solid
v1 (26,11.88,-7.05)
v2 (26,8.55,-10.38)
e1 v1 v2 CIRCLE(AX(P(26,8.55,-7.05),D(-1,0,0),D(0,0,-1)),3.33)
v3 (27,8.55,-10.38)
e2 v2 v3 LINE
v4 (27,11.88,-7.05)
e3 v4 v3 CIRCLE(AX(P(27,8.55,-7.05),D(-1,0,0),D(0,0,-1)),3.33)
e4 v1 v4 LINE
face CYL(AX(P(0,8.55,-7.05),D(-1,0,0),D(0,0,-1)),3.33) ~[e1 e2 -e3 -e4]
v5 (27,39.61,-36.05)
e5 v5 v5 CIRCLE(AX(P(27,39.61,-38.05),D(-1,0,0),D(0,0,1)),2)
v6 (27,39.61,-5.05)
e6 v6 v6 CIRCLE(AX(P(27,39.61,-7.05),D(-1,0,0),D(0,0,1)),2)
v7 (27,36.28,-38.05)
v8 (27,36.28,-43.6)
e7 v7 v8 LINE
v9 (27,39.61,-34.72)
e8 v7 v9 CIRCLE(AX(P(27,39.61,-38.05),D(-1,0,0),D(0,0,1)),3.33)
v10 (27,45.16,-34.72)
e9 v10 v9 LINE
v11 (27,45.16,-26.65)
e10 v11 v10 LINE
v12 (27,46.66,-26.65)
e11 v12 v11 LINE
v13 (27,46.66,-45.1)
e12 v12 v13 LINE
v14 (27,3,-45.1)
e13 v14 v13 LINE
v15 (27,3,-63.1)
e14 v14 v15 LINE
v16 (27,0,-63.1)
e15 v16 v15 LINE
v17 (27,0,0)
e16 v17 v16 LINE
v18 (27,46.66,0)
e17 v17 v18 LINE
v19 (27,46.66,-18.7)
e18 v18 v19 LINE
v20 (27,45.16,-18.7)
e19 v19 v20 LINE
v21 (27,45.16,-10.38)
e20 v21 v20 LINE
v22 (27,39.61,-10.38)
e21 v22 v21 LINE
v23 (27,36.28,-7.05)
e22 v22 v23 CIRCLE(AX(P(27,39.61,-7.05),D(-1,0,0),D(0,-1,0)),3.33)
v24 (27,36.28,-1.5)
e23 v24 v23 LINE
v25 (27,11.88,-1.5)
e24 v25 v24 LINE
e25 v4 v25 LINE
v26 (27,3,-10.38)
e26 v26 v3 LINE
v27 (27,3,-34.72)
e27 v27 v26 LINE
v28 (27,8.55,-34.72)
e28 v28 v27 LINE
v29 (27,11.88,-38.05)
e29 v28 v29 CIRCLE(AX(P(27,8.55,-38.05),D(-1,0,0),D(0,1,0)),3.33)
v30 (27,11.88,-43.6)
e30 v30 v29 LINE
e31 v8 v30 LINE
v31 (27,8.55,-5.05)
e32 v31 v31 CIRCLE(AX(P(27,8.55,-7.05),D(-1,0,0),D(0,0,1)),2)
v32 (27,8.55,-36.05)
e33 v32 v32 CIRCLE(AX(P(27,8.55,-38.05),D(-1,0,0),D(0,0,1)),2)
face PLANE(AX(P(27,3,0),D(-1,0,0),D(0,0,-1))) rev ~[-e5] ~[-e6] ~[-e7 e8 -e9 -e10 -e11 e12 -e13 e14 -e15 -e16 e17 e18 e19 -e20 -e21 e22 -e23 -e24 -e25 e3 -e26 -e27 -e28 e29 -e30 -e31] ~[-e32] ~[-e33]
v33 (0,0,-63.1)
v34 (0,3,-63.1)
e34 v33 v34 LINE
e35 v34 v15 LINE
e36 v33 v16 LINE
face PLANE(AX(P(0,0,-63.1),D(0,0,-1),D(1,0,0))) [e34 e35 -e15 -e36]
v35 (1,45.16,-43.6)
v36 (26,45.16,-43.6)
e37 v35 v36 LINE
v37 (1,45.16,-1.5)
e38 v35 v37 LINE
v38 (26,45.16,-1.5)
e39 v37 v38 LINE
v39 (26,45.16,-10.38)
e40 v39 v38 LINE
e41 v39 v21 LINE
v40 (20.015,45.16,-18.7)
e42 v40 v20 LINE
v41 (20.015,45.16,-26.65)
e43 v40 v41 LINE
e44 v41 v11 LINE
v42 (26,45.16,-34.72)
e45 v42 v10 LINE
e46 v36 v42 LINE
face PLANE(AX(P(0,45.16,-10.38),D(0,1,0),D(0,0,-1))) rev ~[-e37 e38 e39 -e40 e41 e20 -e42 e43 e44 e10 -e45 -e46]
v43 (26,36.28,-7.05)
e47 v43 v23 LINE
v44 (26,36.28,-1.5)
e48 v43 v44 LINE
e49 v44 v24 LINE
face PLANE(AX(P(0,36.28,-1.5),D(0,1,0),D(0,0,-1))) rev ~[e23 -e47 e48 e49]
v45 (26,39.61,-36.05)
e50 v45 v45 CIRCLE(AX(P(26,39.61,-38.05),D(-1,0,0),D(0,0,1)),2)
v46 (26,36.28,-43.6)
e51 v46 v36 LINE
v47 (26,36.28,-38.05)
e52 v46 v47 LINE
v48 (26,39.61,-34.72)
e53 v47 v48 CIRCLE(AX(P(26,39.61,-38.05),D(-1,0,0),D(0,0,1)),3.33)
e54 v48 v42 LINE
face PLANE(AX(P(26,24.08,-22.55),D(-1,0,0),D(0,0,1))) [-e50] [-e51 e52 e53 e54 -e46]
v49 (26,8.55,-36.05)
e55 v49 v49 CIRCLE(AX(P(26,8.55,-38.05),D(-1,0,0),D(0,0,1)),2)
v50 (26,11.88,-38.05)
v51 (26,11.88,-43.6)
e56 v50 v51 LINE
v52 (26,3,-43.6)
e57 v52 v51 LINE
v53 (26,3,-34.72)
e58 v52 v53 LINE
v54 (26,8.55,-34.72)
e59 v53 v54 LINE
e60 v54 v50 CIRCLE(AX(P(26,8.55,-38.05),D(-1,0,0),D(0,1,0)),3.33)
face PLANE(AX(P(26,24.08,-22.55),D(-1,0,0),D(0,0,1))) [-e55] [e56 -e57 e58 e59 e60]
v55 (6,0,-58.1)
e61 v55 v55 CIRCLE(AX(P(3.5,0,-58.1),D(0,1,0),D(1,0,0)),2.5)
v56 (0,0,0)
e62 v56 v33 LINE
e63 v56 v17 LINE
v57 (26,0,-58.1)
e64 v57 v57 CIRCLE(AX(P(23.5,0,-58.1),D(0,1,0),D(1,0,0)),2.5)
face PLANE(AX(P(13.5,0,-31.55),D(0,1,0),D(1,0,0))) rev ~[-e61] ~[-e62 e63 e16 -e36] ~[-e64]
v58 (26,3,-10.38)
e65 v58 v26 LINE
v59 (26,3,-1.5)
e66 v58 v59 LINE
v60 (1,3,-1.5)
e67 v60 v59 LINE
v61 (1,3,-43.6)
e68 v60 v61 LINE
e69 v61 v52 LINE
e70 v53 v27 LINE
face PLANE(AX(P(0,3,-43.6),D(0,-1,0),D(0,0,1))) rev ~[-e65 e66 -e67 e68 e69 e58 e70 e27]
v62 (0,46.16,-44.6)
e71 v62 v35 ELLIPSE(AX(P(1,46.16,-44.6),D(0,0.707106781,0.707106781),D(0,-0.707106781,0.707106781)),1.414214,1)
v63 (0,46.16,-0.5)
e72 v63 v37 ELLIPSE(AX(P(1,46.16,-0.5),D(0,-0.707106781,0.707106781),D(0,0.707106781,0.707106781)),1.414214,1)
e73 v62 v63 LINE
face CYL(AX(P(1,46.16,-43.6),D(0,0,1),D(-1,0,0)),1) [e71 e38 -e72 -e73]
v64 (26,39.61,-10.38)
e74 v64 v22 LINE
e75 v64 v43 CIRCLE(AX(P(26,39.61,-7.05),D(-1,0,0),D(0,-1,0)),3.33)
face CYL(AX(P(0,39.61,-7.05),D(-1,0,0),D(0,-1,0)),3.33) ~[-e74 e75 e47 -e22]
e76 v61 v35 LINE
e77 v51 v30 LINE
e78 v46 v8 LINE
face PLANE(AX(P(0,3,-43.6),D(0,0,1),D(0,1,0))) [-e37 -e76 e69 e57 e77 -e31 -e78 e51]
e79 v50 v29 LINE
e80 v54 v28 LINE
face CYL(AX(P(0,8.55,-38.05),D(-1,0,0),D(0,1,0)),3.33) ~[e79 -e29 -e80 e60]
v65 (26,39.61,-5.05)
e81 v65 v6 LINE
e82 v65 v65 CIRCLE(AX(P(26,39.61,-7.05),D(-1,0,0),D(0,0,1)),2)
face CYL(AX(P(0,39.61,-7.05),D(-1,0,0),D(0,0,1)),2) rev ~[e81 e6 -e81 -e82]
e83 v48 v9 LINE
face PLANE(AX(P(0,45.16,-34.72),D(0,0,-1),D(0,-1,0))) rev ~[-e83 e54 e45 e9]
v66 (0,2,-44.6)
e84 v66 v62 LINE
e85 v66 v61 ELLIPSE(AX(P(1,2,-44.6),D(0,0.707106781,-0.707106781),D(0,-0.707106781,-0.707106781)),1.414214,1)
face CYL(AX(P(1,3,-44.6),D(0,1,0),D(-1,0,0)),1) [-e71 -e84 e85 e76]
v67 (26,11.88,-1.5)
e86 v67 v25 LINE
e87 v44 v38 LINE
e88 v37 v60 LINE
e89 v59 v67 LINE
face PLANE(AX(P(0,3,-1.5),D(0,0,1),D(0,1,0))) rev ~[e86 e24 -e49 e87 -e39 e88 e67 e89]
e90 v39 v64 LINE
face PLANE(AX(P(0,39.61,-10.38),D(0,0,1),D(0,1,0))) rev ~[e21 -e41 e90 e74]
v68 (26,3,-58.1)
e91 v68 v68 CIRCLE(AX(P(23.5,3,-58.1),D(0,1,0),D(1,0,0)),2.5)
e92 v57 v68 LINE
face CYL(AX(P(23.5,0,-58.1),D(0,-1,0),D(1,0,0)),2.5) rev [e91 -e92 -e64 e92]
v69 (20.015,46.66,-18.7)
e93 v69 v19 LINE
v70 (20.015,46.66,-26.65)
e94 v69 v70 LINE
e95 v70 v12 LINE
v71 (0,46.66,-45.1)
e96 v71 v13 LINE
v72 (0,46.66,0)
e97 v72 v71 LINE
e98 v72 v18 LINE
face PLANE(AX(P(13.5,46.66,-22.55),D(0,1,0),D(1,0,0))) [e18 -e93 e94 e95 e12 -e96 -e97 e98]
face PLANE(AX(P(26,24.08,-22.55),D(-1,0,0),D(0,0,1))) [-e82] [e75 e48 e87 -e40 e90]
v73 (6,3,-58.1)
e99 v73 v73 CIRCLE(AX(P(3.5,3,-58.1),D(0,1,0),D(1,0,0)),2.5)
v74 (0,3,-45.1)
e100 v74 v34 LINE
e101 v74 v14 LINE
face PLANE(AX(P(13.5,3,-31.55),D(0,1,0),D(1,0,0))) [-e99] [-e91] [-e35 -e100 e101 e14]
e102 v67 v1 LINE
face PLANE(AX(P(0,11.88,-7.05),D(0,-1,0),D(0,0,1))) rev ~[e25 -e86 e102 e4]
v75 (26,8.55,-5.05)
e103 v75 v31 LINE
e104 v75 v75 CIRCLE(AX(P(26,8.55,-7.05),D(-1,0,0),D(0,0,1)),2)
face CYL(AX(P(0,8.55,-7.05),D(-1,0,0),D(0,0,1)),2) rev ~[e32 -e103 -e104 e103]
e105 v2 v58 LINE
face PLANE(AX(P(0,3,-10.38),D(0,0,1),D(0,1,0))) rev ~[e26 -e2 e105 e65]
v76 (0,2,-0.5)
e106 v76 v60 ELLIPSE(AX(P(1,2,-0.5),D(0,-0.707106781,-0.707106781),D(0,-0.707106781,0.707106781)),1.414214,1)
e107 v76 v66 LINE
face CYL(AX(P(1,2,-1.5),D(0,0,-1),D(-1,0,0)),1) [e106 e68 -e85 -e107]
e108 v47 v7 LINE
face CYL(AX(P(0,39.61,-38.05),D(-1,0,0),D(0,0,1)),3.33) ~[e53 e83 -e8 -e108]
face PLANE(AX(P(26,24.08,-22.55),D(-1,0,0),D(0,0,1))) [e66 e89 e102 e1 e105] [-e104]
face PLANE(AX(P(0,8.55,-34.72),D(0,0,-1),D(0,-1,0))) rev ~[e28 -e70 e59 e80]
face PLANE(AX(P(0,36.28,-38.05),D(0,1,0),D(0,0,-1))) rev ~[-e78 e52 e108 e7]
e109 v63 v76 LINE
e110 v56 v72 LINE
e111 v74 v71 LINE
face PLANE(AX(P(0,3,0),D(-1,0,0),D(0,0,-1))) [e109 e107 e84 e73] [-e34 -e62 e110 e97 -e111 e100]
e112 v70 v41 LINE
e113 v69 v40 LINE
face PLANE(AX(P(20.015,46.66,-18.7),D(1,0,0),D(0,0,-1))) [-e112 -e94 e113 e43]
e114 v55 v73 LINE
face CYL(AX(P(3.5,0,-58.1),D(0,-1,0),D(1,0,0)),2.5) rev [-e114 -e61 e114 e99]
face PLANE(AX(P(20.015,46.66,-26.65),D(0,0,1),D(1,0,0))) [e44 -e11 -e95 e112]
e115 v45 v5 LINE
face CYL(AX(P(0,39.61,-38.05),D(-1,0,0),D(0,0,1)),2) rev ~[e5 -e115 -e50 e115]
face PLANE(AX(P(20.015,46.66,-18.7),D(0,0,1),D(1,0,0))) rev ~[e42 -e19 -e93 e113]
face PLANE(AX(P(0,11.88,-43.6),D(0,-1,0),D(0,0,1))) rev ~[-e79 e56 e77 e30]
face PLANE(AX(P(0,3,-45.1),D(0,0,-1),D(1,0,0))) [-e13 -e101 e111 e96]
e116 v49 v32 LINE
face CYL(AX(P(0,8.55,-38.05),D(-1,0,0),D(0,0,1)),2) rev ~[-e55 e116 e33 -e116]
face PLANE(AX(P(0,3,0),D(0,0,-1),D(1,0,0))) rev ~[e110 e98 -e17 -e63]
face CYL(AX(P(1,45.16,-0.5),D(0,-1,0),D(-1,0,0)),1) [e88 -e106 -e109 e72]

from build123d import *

# Parameters (mm, degrees)
SKETCH1_W           = 27
SKETCH1_H           = 63.1
SKETCH1_R           = 2.5
BOSS_EXTRUDE1_DEPTH = 3
SKETCH2_W           = 27
SKETCH2_H           = 45.1
BOSS_EXTRUDE2_DEPTH = 43.66
CUT_EXTRUDE1_DEPTH  = 28
SKETCH3_8_W         = 42.1
SKETCH3_8_H         = 42.16
SKETCH3_8_R         = 2
CUT_EXTRUDE2_DEPTH  = 26
FILLET4_R           = 1
SKETCH6_W           = 6.985
SKETCH6_H           = 7.95
CUT_EXTRUDE3_DEPTH  = 1.5
SKETCH3_9_R         = 2
CUT_EXTRUDE4_DEPTH  = 28


with BuildPart() as part:
    # Sketch1 → Boss-Extrude1 (new body)
    with BuildSketch(Plane(origin=(0, 0, 0), x_dir=(1, 0, 0), z_dir=(0, 1, 0))):
        with Locations((13.5, 31.55)):
            Rectangle(SKETCH1_W, SKETCH1_H)
        with Locations((3.5, 58.1)):
            Circle(SKETCH1_R, mode=Mode.SUBTRACT)
        with Locations((23.5, 58.1)):
            Circle(SKETCH1_R, mode=Mode.SUBTRACT)
    extrude(amount=BOSS_EXTRUDE1_DEPTH)

    # Sketch2 → Boss-Extrude2 (add)
    with BuildSketch(Plane(origin=(0, 3, 0), x_dir=(1, 0, 0), z_dir=(0, 1, 0))):
        with Locations((13.5, 22.55)):
            Rectangle(SKETCH2_W, SKETCH2_H)
    extrude(amount=BOSS_EXTRUDE2_DEPTH)

    # Sketch3 → Cut-Extrude1 (cut, through all)
    with BuildSketch(Plane.ZY):
        with BuildLine():
            Line((-10.38, 45.16), (-34.72, 45.16))
            Line((-34.72, 45.16), (-34.72, 39.61))
            ThreePointArc((-34.72, 39.61), (-35.695334419, 37.255334419), (-38.05, 36.28))
            Line((-38.05, 36.28), (-43.6, 36.28))
            Line((-43.6, 36.28), (-43.6, 11.88))
            Line((-43.6, 11.88), (-38.05, 11.88))
            ThreePointArc((-38.05, 11.88), (-35.695334419, 10.904665581), (-34.72, 8.55))
            Line((-34.72, 8.55), (-34.72, 3))
            Line((-34.72, 3), (-10.38, 3))
            Line((-10.38, 3), (-10.38, 8.55))
            ThreePointArc((-10.38, 8.55), (-9.404665581, 10.904665581), (-7.05, 11.88))
            Line((-7.05, 11.88), (-1.5, 11.88))
            Line((-1.5, 11.88), (-1.5, 36.28))
            Line((-1.5, 36.28), (-7.05, 36.28))
            ThreePointArc((-7.05, 36.28), (-9.404665581, 37.255334419), (-10.38, 39.61))
            Line((-10.38, 39.61), (-10.38, 45.16))
        make_face()
    extrude(amount=-CUT_EXTRUDE1_DEPTH, mode=Mode.SUBTRACT)

    # Sketch3<8> → Cut-Extrude2 (cut)
    with BuildSketch(Plane.ZY):
        with Locations((-22.55, 24.08)):
            Rectangle(SKETCH3_8_W, SKETCH3_8_H)
        with Locations((-38.05, 8.55)):
            Circle(SKETCH3_8_R, mode=Mode.SUBTRACT)
        with Locations((-7.05, 39.61)):
            Circle(SKETCH3_8_R, mode=Mode.SUBTRACT)
        with Locations((-7.05, 8.55)):
            Circle(SKETCH3_8_R, mode=Mode.SUBTRACT)
        with Locations((-38.05, 39.61)):
            Circle(SKETCH3_8_R, mode=Mode.SUBTRACT)
    extrude(amount=-CUT_EXTRUDE2_DEPTH, mode=Mode.SUBTRACT)

    # Fillet4
    fillet4_edges = [part.edges().sort_by_distance(p)[0] for p in [
        (0, 45.16, -22.55),
        (0, 24.08, -1.5),
        (0, 3, -22.55),
        (0, 24.08, -43.6),
    ]]
    fillet(fillet4_edges, radius=FILLET4_R)

    # Sketch6 → Cut-Extrude3 (cut)
    with BuildSketch(Plane(origin=(0, 46.66, 0), x_dir=(1, 0, 0), z_dir=(0, 1, 0))):
        with Locations((23.5075, 22.675)):
            Rectangle(SKETCH6_W, SKETCH6_H)
    extrude(amount=-CUT_EXTRUDE3_DEPTH, mode=Mode.SUBTRACT)

    # Sketch3<9> → Cut-Extrude4 (cut, through all)
    with BuildSketch(Plane.ZY):
        with Locations((-38.05, 39.61)):
            Circle(SKETCH3_9_R)
        with Locations((-7.05, 39.61)):
            Circle(SKETCH3_9_R)
        with Locations((-7.05, 8.55)):
            Circle(SKETCH3_9_R)
        with Locations((-38.05, 8.55)):
            Circle(SKETCH3_9_R)
    extrude(amount=-CUT_EXTRUDE4_DEPTH, mode=Mode.SUBTRACT)


solid = part.part
